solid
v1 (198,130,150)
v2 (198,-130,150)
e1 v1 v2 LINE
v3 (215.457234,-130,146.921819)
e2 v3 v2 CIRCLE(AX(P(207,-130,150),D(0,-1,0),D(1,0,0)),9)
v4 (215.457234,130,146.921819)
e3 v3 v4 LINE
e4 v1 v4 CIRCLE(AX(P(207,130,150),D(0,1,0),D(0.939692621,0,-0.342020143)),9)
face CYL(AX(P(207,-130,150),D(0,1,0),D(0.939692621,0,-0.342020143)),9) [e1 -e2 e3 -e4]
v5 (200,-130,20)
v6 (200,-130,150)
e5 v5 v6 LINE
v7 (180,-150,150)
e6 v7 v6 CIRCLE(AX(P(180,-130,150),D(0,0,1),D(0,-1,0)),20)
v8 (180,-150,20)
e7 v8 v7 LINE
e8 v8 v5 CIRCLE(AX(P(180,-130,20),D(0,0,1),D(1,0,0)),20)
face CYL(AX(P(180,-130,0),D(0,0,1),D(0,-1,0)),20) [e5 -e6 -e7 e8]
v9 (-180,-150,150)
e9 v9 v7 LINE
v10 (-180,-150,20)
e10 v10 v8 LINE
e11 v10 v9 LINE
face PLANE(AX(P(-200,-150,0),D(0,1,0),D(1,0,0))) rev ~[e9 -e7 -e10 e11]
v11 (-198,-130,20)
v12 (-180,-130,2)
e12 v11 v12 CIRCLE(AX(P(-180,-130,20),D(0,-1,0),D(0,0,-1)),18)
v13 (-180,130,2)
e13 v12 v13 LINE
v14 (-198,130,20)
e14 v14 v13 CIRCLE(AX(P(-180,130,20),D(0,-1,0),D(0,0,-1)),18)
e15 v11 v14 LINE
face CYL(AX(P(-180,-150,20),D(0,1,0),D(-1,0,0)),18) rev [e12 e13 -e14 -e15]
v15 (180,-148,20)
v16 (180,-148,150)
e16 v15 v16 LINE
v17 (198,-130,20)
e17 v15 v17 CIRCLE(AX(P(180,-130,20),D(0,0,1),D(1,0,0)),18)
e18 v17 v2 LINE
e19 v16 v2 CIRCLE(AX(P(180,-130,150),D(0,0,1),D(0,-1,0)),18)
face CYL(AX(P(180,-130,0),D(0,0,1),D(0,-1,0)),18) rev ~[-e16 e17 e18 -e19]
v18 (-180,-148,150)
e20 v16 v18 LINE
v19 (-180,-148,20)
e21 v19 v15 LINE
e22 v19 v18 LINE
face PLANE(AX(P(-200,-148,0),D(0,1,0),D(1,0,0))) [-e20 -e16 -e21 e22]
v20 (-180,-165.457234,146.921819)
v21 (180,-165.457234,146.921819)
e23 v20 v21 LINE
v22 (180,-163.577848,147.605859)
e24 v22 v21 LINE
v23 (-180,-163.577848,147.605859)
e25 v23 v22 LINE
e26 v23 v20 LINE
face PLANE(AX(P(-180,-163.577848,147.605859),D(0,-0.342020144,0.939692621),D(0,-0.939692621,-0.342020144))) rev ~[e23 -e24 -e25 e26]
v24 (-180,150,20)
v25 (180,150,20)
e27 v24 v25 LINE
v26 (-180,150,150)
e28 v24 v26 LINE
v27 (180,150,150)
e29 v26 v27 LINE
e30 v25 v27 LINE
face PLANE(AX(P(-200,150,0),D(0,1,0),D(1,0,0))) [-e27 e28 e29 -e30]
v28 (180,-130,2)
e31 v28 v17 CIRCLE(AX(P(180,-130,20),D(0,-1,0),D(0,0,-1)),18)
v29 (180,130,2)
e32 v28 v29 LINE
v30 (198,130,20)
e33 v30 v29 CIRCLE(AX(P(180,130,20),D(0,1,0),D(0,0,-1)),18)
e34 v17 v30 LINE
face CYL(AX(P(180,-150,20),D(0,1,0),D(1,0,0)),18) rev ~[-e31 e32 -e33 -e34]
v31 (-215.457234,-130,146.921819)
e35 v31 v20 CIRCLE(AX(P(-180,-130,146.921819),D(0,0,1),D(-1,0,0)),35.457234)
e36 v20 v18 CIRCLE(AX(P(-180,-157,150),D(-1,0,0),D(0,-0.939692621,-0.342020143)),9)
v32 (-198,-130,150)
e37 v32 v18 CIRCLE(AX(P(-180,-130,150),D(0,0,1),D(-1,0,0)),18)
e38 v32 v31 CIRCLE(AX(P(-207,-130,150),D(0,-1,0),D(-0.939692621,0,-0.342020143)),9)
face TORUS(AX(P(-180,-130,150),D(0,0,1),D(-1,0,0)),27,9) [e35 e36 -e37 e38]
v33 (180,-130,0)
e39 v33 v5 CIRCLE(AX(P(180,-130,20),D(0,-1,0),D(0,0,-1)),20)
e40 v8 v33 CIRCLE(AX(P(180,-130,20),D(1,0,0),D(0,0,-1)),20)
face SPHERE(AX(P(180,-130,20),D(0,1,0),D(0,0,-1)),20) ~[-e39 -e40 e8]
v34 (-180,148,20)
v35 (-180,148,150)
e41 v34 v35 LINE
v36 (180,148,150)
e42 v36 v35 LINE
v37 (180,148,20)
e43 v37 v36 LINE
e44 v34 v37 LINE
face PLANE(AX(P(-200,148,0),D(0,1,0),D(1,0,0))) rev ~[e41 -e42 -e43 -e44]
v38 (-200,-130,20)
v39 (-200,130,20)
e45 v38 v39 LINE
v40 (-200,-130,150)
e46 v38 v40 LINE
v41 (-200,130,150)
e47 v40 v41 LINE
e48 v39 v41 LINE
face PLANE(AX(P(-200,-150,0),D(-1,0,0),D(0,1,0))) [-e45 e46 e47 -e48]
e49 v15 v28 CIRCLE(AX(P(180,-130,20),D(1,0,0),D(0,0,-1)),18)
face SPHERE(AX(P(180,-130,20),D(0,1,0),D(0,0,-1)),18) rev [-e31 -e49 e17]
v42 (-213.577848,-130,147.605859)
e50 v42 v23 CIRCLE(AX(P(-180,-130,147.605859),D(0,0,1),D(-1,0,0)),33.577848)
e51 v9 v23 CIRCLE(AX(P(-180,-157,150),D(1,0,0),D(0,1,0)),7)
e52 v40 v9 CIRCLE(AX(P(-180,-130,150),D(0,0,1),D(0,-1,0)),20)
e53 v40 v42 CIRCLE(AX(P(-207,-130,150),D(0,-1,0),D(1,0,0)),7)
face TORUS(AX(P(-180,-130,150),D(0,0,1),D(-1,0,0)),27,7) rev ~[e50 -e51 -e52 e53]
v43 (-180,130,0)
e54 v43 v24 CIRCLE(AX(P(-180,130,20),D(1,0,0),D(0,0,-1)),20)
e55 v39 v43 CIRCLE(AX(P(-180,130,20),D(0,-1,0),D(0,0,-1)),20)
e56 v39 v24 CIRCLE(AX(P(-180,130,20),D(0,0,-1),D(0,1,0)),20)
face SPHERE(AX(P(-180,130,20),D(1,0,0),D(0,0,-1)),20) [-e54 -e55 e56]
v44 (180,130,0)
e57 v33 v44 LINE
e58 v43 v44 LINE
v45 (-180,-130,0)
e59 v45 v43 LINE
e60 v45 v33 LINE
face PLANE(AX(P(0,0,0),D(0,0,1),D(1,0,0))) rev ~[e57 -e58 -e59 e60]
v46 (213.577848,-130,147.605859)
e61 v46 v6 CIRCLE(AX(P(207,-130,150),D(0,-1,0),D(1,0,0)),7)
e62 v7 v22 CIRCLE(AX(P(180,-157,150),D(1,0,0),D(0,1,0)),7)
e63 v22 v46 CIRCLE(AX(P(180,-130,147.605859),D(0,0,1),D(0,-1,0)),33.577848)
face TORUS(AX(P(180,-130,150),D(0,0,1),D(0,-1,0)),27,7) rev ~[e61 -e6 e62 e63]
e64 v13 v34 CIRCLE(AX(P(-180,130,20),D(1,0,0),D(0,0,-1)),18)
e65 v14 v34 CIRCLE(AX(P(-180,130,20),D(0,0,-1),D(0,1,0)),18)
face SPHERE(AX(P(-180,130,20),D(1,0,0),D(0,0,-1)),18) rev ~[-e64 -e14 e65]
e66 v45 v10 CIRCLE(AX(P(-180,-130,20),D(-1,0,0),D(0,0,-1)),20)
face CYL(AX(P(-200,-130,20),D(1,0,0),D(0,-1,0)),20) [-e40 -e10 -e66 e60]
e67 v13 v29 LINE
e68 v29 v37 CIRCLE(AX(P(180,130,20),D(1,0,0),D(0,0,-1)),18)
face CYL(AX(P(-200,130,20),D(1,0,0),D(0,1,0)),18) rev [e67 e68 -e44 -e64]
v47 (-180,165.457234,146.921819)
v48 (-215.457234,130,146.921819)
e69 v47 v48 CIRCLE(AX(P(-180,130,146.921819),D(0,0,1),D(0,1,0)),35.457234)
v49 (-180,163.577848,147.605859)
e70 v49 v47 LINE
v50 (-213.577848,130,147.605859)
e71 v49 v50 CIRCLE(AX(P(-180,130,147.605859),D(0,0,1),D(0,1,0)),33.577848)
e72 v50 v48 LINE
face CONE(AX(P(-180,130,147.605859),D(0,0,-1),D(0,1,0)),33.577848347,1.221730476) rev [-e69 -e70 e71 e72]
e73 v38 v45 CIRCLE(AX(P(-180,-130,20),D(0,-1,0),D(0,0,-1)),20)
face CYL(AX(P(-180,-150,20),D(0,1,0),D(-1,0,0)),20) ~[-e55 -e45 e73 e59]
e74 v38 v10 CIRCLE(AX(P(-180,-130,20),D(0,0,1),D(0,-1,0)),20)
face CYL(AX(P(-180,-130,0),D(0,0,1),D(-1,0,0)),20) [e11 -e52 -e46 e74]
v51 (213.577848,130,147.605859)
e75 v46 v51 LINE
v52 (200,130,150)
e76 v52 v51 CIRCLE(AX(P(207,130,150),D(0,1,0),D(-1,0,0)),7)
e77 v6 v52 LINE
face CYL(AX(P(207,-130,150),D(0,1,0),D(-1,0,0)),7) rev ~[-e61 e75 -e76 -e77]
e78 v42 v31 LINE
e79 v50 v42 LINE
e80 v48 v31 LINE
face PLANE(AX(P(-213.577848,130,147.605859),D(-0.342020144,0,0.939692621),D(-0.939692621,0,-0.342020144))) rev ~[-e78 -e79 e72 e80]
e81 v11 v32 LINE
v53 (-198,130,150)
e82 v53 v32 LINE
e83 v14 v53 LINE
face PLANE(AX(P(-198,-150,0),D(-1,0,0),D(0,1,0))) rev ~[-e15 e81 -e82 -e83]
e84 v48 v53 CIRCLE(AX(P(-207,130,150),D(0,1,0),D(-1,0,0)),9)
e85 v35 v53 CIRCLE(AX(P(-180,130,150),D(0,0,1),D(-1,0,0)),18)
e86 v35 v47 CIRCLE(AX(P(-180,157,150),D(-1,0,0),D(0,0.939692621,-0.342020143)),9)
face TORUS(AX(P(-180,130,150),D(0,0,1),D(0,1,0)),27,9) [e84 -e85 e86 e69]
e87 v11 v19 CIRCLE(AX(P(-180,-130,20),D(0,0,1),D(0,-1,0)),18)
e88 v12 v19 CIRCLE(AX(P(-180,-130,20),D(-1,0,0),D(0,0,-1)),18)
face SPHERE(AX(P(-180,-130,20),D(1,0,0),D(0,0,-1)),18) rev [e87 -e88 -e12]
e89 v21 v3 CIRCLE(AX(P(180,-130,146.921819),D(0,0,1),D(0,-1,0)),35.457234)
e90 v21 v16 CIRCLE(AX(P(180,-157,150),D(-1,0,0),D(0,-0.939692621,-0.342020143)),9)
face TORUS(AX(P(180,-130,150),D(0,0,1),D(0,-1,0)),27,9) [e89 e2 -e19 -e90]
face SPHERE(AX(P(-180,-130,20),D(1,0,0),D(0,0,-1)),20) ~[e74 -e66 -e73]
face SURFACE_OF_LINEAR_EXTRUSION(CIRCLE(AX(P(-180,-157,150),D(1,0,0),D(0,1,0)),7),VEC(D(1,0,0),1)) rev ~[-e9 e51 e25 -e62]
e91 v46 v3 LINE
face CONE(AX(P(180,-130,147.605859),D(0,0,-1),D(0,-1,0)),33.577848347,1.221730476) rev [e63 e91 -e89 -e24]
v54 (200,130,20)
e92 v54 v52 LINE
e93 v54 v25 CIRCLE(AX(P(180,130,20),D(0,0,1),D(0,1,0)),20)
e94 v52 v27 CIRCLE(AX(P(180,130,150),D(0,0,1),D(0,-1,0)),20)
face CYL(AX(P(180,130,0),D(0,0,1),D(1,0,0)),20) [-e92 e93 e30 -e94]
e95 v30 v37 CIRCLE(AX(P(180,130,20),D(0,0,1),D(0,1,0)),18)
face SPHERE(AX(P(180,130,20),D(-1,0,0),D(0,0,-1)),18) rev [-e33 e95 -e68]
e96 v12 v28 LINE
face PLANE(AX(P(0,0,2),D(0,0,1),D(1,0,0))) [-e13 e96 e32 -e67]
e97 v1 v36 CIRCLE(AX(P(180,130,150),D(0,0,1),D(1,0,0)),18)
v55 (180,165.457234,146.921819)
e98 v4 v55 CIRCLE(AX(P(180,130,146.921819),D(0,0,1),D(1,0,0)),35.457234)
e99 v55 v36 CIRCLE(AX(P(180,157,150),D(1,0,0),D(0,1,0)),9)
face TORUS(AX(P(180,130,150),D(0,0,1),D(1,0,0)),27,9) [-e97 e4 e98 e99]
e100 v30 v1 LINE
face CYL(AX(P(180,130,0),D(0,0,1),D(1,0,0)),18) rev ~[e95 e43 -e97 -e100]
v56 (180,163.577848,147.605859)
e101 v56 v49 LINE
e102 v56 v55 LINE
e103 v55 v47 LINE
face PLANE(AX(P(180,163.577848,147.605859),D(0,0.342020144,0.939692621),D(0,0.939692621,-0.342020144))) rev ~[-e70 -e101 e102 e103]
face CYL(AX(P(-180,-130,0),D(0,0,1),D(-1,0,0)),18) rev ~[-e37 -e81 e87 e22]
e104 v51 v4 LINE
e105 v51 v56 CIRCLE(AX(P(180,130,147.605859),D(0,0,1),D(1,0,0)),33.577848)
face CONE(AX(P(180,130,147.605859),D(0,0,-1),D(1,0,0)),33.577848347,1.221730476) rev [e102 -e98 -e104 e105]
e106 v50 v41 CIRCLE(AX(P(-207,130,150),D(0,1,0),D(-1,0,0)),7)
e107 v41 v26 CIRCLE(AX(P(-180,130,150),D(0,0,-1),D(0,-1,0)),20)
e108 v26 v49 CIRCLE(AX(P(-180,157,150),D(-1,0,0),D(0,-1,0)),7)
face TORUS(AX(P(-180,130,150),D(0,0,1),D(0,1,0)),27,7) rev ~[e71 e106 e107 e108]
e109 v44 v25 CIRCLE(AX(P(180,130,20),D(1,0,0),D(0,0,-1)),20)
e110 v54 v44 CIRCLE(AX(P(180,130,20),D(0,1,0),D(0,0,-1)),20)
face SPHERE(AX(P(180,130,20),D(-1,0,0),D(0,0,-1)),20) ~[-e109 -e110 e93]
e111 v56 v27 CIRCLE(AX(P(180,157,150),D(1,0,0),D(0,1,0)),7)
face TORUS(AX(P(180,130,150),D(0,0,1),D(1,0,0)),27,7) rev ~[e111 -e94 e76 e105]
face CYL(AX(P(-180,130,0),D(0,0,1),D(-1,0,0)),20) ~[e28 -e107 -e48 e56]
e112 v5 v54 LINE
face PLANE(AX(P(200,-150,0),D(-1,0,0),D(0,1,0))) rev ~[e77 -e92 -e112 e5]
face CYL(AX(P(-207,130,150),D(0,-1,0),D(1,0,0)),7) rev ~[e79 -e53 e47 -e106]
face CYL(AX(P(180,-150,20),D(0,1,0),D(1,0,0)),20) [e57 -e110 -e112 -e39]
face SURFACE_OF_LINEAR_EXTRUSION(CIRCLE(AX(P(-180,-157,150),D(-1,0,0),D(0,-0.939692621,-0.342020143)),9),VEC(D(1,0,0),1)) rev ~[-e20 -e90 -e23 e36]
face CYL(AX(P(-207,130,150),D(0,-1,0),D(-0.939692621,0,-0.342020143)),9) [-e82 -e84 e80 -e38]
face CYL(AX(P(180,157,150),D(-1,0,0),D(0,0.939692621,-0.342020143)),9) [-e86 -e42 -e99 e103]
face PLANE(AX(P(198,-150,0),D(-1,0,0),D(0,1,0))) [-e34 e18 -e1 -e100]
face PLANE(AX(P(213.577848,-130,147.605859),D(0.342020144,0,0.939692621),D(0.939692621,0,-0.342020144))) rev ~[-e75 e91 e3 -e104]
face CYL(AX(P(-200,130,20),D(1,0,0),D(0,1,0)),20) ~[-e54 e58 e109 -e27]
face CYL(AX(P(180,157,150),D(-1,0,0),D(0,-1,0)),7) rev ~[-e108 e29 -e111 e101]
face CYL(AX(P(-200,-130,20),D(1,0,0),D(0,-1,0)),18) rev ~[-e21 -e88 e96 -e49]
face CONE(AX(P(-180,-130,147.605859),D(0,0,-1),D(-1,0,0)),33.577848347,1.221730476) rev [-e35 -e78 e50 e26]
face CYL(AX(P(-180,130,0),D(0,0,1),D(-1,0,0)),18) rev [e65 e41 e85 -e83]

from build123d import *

# Parameters (mm, degrees)
SKETCH1_W           = 400
SKETCH1_H           = 300
BOSS_EXTRUDE1_DEPTH = 150
FILLET1_R           = 20
SHELL1_T            = -2


with BuildPart() as part:
    # Sketch1 → Boss-Extrude1 (new body)
    with BuildSketch(Plane.XY):
        Rectangle(SKETCH1_W, SKETCH1_H)
    extrude(amount=BOSS_EXTRUDE1_DEPTH)

    # Fillet1
    fillet1_edges = [part.edges().sort_by_distance(p)[0] for p in [
        (0, 150, 0),
        (200, 0, 0),
        (0, -150, 0),
        (-200, 0, 0),
        (-200, 150, 75),
        (200, 150, 75),
        (200, -150, 75),
        (-200, -150, 75),
    ]]
    fillet(fillet1_edges, radius=FILLET1_R)

    # Shell1
    shell1_openings = [part.faces().sort_by_distance(p)[0] for p in [
        (0, 0, 150),
    ]]
    offset(amount=SHELL1_T, openings=shell1_openings, kind=Kind.INTERSECTION)

    # Sweep2: sweep along a path in Sketch3
    with BuildLine(Plane.XY.offset(150)) as sweep2_path:
        Line((-180, -148), (180, -148))
        ThreePointArc((180, -148), (192.727922061, -142.727922061), (198, -130))
        Line((198, -130), (198, 130))
        ThreePointArc((198, 130), (192.727922061, 142.727922061), (180, 148))
        Line((180, 148), (-180, 148))
        ThreePointArc((-180, 148), (-192.727922061, 142.727922061), (-198, 130))
        Line((-198, 130), (-198, -130))
        ThreePointArc((-198, -130), (-192.727922061, -142.727922061), (-180, -148))
    # Sketch2 → Sweep2 (sweep)
    with BuildSketch(Plane(origin=(0, 0, 0), x_dir=(1, 0, 0), z_dir=(0, 1, 0))):
        with BuildLine():
            Line((-198, -150), (-200, -150))
            ThreePointArc((-200, -150), (-208.215537244, -156.893654271), (-213.577848346, -147.605858997))
            Line((-213.577848346, -147.605858997), (-215.457233587, -146.92181871))
            ThreePointArc((-215.457233587, -146.92181871), (-208.562833599, -158.863269777), (-198, -150))
        make_face()
    sweep(path=sweep2_path.line)


solid = part.part
